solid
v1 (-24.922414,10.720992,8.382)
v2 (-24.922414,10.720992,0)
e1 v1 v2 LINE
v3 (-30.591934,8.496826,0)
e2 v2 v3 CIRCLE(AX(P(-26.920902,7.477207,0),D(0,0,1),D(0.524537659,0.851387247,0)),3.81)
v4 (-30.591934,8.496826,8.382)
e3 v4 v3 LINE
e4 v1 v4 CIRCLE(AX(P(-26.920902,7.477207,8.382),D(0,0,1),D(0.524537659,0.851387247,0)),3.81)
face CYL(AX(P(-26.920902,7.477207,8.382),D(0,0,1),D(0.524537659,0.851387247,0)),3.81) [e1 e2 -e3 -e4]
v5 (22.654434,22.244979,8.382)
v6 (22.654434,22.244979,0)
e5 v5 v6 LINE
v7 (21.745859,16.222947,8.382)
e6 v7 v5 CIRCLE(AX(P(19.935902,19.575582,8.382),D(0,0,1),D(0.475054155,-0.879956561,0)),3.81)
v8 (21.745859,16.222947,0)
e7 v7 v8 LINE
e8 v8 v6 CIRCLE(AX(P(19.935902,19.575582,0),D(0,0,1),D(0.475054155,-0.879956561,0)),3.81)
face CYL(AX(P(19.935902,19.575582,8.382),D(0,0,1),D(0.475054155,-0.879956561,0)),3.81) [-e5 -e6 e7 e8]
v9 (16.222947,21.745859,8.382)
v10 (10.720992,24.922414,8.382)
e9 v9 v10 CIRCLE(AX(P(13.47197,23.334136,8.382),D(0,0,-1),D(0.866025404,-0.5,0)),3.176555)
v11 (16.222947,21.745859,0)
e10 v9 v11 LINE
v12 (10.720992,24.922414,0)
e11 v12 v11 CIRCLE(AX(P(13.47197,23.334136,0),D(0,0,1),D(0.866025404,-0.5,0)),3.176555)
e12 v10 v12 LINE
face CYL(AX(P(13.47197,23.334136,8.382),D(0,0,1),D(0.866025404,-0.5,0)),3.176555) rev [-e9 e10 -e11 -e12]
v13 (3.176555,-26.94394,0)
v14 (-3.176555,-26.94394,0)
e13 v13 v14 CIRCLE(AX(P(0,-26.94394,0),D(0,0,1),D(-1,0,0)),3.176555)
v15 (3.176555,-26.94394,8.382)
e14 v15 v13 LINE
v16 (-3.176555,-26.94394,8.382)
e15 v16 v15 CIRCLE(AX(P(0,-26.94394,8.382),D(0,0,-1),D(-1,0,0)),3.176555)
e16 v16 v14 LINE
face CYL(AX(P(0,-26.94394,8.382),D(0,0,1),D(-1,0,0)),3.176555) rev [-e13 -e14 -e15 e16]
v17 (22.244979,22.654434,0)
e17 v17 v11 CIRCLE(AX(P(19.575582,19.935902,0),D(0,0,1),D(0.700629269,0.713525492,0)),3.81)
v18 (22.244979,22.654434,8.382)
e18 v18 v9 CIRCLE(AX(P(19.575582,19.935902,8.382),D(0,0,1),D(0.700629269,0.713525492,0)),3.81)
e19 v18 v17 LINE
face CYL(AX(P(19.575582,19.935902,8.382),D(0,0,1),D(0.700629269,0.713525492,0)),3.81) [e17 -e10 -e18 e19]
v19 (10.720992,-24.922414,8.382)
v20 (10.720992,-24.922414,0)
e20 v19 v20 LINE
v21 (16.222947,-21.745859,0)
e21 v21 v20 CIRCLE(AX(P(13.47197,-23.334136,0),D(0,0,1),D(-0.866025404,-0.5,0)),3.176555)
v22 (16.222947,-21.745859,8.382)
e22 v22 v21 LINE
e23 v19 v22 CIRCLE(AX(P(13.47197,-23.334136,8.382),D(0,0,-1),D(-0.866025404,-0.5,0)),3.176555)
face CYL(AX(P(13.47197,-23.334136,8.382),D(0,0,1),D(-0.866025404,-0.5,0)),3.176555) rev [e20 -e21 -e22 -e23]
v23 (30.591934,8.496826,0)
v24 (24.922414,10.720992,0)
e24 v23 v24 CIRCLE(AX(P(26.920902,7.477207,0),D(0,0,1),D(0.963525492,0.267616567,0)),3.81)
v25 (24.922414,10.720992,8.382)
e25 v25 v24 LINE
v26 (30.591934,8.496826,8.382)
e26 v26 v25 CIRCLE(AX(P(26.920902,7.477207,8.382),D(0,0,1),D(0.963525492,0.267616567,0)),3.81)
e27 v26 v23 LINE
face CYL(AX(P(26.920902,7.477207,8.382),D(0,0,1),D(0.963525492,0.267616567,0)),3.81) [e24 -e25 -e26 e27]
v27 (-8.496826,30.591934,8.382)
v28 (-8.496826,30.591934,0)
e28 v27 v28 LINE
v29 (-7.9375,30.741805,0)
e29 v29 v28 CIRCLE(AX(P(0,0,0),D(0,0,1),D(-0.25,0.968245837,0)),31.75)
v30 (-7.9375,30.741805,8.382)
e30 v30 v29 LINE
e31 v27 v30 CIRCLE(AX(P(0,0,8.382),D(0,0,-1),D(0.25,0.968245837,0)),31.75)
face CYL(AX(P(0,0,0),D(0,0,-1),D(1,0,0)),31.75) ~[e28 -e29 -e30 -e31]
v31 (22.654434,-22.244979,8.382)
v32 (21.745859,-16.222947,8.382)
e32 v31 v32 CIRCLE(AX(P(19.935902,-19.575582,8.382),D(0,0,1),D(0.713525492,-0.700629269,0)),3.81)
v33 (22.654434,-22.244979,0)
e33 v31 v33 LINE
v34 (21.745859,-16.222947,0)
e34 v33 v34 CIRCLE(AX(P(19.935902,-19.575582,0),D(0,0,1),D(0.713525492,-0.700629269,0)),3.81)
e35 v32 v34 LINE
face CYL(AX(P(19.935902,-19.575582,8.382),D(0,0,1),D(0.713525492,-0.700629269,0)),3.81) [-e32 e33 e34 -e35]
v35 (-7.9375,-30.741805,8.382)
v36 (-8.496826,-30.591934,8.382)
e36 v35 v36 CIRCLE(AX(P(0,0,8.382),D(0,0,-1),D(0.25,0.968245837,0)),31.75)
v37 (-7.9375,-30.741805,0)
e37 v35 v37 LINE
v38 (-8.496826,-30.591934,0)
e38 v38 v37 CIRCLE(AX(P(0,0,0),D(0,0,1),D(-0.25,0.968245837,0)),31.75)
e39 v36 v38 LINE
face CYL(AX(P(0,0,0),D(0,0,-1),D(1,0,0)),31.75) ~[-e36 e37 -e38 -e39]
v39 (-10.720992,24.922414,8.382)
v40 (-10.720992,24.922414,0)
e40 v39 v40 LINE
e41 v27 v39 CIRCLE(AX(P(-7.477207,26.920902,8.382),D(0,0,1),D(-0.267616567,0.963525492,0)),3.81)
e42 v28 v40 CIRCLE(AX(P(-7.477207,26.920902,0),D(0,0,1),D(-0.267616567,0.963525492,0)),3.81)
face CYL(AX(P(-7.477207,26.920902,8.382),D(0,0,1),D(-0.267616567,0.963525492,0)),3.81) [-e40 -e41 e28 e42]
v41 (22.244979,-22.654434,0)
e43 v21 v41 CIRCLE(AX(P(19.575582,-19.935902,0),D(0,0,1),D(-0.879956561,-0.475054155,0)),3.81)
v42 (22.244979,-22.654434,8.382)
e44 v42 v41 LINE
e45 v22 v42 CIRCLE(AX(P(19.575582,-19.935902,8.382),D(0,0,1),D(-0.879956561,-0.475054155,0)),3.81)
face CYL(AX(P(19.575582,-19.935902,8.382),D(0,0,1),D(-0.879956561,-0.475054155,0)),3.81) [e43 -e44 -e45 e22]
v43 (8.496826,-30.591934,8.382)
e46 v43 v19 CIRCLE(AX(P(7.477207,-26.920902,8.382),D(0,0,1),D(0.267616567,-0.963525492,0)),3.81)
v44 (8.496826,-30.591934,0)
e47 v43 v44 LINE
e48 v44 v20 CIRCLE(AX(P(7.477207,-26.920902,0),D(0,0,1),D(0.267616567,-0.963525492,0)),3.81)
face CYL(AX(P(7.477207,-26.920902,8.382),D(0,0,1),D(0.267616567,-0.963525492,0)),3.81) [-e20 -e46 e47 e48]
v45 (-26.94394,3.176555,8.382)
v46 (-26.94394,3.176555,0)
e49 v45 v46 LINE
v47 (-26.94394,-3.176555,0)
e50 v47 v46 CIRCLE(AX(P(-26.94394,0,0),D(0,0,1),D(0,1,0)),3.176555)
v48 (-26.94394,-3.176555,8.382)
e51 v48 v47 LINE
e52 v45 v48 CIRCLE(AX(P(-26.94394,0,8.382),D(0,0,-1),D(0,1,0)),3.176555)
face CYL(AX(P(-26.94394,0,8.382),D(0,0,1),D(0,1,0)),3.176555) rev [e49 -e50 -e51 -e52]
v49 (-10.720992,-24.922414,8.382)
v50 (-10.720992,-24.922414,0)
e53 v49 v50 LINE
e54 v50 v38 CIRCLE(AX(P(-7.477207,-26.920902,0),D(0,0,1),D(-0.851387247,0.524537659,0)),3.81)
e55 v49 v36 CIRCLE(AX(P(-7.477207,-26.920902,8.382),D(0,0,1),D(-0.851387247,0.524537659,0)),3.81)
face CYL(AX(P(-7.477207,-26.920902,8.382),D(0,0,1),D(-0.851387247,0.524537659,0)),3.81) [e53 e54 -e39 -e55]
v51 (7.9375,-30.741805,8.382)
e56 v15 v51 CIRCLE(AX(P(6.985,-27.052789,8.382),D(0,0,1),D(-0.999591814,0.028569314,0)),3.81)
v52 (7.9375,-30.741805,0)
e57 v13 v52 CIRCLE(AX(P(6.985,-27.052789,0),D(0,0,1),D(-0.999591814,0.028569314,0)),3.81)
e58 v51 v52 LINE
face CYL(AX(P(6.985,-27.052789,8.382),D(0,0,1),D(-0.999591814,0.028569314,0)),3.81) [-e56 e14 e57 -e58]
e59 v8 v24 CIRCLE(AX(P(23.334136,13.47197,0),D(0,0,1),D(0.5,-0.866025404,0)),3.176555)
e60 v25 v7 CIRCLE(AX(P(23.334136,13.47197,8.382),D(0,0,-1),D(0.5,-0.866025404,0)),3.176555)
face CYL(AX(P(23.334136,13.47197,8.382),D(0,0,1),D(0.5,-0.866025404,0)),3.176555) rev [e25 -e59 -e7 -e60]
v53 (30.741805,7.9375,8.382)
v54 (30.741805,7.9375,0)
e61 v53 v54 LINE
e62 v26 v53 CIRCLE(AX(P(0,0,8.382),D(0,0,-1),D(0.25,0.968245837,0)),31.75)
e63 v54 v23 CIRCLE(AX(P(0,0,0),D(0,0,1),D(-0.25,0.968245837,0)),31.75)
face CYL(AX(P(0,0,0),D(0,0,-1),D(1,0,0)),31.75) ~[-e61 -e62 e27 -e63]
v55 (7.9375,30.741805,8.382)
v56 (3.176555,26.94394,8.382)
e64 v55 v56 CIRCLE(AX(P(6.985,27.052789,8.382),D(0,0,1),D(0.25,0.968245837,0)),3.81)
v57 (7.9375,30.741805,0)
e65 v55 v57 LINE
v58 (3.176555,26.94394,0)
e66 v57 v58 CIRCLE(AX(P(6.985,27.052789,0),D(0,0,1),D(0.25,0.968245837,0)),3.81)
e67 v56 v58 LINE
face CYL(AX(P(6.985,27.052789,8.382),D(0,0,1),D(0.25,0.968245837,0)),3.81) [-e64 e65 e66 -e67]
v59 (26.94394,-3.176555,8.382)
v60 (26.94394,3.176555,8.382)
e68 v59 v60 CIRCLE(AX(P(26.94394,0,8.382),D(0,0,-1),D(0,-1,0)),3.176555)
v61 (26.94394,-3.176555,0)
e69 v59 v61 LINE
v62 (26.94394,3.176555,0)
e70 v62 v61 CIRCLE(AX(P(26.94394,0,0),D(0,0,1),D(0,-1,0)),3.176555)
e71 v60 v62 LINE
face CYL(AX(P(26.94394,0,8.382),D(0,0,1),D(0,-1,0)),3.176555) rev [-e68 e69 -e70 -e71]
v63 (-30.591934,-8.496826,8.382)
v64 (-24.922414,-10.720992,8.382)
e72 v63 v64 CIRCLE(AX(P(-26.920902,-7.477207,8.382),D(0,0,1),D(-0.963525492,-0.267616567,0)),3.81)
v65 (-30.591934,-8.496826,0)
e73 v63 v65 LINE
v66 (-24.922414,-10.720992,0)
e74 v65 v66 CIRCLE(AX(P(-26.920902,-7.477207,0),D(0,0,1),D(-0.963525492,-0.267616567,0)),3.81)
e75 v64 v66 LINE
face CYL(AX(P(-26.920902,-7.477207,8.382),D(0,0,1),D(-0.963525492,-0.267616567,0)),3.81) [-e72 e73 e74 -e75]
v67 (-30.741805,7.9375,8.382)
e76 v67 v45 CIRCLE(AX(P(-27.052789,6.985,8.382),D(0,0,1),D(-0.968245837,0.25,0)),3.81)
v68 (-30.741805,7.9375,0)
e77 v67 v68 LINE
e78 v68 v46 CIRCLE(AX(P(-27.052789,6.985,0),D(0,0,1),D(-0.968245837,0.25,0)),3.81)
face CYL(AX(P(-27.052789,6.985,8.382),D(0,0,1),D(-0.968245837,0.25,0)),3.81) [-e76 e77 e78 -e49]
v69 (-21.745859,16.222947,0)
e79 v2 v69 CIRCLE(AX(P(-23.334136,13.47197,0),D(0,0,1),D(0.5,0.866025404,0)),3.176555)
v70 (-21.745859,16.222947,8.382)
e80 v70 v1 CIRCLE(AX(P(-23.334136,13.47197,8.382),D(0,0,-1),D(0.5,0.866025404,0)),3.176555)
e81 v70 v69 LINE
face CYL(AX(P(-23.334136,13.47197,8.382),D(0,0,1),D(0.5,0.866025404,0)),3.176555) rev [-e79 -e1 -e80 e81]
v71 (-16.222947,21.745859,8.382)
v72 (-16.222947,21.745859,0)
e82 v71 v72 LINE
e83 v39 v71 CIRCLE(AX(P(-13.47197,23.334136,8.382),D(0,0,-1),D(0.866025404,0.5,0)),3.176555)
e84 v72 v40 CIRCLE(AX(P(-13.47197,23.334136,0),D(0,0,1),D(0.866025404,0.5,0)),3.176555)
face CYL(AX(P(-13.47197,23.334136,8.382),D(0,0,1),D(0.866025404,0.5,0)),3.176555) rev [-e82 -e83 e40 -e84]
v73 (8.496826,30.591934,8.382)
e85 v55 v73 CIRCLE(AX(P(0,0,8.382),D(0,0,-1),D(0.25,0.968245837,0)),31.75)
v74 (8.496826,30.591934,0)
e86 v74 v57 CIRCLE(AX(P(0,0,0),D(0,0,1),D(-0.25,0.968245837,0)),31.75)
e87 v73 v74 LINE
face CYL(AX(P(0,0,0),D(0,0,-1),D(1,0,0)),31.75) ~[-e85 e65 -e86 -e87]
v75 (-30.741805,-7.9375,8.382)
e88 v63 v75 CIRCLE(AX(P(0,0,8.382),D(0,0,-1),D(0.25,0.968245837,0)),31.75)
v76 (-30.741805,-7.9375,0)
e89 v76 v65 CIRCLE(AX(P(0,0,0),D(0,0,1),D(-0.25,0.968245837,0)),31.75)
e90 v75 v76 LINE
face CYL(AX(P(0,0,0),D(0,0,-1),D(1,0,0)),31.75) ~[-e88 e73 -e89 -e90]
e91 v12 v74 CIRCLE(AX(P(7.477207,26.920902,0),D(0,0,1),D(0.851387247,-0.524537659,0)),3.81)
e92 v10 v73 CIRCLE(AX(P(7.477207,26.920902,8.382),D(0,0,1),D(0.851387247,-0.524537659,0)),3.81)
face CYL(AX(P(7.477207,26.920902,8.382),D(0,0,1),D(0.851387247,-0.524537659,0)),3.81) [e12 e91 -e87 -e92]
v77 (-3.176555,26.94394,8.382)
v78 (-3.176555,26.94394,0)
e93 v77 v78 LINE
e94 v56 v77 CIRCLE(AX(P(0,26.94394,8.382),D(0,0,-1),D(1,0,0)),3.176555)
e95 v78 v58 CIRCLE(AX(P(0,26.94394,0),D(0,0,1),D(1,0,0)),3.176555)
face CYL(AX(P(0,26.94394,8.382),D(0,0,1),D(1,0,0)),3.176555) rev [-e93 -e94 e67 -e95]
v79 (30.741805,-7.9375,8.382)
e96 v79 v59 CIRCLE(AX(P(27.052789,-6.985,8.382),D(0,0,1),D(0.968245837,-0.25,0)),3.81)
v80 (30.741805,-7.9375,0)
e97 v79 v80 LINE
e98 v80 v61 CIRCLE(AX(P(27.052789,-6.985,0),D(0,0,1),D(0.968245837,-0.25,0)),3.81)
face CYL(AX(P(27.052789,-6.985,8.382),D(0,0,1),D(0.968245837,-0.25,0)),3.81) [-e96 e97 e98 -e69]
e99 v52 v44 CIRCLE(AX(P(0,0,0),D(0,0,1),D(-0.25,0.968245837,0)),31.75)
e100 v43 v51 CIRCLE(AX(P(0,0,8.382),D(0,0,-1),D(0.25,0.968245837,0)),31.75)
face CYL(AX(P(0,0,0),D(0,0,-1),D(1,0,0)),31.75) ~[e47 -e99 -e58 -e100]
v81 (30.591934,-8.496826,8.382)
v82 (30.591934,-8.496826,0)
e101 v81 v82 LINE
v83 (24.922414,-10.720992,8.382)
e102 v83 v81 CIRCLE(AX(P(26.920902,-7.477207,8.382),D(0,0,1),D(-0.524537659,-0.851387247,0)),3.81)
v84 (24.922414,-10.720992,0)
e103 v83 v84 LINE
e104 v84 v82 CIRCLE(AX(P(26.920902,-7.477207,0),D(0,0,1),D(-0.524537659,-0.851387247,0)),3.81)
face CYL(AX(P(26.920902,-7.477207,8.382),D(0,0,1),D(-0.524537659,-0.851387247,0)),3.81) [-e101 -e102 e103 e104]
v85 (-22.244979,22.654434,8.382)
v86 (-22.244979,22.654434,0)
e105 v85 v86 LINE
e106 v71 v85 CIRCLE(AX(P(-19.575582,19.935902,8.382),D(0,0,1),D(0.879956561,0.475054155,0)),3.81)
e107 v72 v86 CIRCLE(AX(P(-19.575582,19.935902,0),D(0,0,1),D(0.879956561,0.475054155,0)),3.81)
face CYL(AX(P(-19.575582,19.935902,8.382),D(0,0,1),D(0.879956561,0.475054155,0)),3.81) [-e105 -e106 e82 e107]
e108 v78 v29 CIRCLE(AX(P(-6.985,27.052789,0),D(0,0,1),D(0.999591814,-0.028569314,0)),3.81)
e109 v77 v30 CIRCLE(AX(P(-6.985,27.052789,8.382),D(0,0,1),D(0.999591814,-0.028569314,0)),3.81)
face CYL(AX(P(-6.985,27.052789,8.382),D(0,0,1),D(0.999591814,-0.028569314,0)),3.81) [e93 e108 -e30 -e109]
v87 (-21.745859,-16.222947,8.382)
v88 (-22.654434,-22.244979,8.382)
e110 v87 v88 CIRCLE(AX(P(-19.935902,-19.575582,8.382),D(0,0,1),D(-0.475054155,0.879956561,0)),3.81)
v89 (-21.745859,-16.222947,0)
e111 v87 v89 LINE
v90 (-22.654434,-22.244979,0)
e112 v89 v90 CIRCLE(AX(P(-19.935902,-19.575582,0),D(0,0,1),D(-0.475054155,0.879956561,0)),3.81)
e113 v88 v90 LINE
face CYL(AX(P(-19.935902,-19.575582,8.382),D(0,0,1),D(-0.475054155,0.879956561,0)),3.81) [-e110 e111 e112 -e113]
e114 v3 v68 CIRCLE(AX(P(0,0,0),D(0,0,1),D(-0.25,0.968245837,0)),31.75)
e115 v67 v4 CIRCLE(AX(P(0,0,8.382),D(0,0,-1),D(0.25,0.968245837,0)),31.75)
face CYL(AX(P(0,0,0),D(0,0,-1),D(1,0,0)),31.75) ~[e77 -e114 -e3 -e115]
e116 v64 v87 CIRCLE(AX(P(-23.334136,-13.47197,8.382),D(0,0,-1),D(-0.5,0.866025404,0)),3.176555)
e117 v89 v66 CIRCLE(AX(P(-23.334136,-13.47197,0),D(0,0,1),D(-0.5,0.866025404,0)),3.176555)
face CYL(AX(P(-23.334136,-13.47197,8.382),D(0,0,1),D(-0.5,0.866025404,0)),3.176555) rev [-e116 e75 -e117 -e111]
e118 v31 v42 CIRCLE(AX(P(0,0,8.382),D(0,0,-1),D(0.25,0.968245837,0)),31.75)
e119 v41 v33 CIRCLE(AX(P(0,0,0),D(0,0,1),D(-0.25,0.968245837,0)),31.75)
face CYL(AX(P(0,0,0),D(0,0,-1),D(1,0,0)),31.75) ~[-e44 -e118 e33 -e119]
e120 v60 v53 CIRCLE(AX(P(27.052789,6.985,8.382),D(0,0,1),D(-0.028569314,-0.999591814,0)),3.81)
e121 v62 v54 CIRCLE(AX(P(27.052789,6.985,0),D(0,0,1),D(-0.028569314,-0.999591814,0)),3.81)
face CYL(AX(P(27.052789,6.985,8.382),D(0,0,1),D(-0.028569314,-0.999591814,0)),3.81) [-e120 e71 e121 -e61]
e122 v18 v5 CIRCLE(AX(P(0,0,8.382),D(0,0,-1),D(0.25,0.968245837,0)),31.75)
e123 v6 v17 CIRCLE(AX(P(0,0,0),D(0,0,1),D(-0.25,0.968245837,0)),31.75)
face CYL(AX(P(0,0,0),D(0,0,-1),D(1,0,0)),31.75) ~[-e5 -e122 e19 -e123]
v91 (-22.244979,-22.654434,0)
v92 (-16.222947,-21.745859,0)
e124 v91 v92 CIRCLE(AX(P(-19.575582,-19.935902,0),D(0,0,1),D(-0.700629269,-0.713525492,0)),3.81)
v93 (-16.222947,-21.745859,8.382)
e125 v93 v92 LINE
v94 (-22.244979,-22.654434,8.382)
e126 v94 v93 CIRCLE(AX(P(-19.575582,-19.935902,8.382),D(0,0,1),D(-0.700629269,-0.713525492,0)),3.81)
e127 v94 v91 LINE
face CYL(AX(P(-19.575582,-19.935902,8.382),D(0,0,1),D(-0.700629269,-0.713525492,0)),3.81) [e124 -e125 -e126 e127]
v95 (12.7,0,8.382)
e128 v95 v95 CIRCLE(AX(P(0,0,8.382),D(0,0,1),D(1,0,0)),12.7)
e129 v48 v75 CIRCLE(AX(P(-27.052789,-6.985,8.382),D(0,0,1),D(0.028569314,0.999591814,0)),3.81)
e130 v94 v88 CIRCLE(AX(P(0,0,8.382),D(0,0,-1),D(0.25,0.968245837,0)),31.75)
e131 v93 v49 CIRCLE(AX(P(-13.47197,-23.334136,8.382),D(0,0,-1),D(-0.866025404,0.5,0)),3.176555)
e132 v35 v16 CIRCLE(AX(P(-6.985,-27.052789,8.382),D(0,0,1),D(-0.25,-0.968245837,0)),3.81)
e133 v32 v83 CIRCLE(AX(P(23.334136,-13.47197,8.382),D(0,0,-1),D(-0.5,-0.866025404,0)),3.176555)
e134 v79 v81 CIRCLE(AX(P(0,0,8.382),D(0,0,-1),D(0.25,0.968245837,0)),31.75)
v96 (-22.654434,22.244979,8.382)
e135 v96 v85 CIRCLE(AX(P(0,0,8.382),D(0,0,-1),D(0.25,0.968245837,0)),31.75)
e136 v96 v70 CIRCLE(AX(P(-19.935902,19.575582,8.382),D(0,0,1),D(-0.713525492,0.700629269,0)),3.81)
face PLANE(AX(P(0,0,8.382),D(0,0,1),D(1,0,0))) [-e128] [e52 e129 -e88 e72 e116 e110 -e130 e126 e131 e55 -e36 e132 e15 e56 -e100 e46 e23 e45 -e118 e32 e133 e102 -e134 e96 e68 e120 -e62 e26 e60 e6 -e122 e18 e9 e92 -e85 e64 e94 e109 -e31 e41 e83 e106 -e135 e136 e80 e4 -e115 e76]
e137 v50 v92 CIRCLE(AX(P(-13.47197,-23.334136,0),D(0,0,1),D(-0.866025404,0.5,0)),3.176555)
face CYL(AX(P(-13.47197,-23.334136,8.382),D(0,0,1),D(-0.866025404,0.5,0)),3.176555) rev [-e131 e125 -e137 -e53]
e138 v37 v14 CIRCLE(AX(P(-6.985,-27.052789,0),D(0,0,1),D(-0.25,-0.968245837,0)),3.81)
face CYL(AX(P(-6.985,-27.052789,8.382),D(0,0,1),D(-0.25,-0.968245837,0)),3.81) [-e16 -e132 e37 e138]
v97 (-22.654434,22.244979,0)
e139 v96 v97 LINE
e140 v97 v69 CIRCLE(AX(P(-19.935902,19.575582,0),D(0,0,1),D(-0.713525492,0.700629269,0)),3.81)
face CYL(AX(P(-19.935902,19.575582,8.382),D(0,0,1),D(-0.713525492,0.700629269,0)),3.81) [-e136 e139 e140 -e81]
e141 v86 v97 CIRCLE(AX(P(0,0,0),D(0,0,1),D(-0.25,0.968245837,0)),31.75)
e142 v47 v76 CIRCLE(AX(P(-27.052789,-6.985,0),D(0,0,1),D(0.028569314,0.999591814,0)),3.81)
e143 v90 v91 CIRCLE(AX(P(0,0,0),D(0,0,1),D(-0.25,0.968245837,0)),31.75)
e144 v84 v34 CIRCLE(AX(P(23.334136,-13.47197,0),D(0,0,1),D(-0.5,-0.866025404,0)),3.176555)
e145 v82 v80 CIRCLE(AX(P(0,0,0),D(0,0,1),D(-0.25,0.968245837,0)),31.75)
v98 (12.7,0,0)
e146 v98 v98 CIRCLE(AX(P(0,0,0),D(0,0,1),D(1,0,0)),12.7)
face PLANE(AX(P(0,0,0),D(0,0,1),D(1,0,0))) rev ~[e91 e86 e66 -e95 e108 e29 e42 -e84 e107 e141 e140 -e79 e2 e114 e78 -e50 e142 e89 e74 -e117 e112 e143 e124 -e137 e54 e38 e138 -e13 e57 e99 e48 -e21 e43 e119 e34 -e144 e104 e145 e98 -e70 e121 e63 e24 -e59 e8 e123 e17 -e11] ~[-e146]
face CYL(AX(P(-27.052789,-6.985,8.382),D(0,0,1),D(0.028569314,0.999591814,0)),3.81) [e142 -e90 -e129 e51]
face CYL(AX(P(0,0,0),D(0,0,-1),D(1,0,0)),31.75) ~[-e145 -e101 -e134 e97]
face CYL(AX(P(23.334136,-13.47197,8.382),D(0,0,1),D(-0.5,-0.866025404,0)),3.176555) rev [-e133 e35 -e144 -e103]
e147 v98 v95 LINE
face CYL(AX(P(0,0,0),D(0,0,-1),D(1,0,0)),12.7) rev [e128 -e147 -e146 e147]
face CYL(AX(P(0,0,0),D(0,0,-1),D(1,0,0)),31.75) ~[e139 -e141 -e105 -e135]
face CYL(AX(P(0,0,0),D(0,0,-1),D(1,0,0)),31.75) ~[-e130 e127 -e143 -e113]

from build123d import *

# Parameters (mm, degrees)
SKETCH1_R           = 31.75
SKETCH1_R_2         = 12.7
BOSS_EXTRUDE1_DEPTH = 8.382
CUT_EXTRUDE1_DEPTH  = 11.43
CIRPATTERN1_COUNT   = 12


with BuildPart() as part:
    # Sketch1 → Boss-Extrude1 (new body)
    with BuildSketch(Plane.XY):
        Circle(SKETCH1_R)
        Circle(SKETCH1_R_2, mode=Mode.SUBTRACT)
    extrude(amount=BOSS_EXTRUDE1_DEPTH)

    # Sketch2 → Cut-Extrude1 (cut)
    with BuildSketch(Plane.XY.offset(8.382)):
        with BuildLine():
            Line((-7.9375, 30.741805311), (-7.9375, 33.926877276))
            Line((-7.9375, 33.926877276), (7.9375, 33.926877276))
            Line((7.9375, 33.926877276), (7.9375, 30.741805311))
            ThreePointArc((7.9375, 30.741805311), (4.60906835, 30.031219266), (3.176555189, 26.943939587))
            ThreePointArc((3.176555189, 26.943939587), (0, 23.767384397), (-3.176555189, 26.943939587))
            ThreePointArc((-3.176555189, 26.943939587), (-4.60906835, 30.031219266), (-7.9375, 30.741805311))
        make_face()
    cut_extrude1 = extrude(amount=-CUT_EXTRUDE1_DEPTH, mode=Mode.SUBTRACT)

    # CirPattern1: Cut-Extrude1 ×12 about axis
    cirpattern1_axis = Axis((0, 0, 0), (0, 0, 1))
    for i in range(1, CIRPATTERN1_COUNT):
        add(cut_extrude1.rotate(cirpattern1_axis, i * 360 / CIRPATTERN1_COUNT), mode=Mode.SUBTRACT)


solid = part.part
